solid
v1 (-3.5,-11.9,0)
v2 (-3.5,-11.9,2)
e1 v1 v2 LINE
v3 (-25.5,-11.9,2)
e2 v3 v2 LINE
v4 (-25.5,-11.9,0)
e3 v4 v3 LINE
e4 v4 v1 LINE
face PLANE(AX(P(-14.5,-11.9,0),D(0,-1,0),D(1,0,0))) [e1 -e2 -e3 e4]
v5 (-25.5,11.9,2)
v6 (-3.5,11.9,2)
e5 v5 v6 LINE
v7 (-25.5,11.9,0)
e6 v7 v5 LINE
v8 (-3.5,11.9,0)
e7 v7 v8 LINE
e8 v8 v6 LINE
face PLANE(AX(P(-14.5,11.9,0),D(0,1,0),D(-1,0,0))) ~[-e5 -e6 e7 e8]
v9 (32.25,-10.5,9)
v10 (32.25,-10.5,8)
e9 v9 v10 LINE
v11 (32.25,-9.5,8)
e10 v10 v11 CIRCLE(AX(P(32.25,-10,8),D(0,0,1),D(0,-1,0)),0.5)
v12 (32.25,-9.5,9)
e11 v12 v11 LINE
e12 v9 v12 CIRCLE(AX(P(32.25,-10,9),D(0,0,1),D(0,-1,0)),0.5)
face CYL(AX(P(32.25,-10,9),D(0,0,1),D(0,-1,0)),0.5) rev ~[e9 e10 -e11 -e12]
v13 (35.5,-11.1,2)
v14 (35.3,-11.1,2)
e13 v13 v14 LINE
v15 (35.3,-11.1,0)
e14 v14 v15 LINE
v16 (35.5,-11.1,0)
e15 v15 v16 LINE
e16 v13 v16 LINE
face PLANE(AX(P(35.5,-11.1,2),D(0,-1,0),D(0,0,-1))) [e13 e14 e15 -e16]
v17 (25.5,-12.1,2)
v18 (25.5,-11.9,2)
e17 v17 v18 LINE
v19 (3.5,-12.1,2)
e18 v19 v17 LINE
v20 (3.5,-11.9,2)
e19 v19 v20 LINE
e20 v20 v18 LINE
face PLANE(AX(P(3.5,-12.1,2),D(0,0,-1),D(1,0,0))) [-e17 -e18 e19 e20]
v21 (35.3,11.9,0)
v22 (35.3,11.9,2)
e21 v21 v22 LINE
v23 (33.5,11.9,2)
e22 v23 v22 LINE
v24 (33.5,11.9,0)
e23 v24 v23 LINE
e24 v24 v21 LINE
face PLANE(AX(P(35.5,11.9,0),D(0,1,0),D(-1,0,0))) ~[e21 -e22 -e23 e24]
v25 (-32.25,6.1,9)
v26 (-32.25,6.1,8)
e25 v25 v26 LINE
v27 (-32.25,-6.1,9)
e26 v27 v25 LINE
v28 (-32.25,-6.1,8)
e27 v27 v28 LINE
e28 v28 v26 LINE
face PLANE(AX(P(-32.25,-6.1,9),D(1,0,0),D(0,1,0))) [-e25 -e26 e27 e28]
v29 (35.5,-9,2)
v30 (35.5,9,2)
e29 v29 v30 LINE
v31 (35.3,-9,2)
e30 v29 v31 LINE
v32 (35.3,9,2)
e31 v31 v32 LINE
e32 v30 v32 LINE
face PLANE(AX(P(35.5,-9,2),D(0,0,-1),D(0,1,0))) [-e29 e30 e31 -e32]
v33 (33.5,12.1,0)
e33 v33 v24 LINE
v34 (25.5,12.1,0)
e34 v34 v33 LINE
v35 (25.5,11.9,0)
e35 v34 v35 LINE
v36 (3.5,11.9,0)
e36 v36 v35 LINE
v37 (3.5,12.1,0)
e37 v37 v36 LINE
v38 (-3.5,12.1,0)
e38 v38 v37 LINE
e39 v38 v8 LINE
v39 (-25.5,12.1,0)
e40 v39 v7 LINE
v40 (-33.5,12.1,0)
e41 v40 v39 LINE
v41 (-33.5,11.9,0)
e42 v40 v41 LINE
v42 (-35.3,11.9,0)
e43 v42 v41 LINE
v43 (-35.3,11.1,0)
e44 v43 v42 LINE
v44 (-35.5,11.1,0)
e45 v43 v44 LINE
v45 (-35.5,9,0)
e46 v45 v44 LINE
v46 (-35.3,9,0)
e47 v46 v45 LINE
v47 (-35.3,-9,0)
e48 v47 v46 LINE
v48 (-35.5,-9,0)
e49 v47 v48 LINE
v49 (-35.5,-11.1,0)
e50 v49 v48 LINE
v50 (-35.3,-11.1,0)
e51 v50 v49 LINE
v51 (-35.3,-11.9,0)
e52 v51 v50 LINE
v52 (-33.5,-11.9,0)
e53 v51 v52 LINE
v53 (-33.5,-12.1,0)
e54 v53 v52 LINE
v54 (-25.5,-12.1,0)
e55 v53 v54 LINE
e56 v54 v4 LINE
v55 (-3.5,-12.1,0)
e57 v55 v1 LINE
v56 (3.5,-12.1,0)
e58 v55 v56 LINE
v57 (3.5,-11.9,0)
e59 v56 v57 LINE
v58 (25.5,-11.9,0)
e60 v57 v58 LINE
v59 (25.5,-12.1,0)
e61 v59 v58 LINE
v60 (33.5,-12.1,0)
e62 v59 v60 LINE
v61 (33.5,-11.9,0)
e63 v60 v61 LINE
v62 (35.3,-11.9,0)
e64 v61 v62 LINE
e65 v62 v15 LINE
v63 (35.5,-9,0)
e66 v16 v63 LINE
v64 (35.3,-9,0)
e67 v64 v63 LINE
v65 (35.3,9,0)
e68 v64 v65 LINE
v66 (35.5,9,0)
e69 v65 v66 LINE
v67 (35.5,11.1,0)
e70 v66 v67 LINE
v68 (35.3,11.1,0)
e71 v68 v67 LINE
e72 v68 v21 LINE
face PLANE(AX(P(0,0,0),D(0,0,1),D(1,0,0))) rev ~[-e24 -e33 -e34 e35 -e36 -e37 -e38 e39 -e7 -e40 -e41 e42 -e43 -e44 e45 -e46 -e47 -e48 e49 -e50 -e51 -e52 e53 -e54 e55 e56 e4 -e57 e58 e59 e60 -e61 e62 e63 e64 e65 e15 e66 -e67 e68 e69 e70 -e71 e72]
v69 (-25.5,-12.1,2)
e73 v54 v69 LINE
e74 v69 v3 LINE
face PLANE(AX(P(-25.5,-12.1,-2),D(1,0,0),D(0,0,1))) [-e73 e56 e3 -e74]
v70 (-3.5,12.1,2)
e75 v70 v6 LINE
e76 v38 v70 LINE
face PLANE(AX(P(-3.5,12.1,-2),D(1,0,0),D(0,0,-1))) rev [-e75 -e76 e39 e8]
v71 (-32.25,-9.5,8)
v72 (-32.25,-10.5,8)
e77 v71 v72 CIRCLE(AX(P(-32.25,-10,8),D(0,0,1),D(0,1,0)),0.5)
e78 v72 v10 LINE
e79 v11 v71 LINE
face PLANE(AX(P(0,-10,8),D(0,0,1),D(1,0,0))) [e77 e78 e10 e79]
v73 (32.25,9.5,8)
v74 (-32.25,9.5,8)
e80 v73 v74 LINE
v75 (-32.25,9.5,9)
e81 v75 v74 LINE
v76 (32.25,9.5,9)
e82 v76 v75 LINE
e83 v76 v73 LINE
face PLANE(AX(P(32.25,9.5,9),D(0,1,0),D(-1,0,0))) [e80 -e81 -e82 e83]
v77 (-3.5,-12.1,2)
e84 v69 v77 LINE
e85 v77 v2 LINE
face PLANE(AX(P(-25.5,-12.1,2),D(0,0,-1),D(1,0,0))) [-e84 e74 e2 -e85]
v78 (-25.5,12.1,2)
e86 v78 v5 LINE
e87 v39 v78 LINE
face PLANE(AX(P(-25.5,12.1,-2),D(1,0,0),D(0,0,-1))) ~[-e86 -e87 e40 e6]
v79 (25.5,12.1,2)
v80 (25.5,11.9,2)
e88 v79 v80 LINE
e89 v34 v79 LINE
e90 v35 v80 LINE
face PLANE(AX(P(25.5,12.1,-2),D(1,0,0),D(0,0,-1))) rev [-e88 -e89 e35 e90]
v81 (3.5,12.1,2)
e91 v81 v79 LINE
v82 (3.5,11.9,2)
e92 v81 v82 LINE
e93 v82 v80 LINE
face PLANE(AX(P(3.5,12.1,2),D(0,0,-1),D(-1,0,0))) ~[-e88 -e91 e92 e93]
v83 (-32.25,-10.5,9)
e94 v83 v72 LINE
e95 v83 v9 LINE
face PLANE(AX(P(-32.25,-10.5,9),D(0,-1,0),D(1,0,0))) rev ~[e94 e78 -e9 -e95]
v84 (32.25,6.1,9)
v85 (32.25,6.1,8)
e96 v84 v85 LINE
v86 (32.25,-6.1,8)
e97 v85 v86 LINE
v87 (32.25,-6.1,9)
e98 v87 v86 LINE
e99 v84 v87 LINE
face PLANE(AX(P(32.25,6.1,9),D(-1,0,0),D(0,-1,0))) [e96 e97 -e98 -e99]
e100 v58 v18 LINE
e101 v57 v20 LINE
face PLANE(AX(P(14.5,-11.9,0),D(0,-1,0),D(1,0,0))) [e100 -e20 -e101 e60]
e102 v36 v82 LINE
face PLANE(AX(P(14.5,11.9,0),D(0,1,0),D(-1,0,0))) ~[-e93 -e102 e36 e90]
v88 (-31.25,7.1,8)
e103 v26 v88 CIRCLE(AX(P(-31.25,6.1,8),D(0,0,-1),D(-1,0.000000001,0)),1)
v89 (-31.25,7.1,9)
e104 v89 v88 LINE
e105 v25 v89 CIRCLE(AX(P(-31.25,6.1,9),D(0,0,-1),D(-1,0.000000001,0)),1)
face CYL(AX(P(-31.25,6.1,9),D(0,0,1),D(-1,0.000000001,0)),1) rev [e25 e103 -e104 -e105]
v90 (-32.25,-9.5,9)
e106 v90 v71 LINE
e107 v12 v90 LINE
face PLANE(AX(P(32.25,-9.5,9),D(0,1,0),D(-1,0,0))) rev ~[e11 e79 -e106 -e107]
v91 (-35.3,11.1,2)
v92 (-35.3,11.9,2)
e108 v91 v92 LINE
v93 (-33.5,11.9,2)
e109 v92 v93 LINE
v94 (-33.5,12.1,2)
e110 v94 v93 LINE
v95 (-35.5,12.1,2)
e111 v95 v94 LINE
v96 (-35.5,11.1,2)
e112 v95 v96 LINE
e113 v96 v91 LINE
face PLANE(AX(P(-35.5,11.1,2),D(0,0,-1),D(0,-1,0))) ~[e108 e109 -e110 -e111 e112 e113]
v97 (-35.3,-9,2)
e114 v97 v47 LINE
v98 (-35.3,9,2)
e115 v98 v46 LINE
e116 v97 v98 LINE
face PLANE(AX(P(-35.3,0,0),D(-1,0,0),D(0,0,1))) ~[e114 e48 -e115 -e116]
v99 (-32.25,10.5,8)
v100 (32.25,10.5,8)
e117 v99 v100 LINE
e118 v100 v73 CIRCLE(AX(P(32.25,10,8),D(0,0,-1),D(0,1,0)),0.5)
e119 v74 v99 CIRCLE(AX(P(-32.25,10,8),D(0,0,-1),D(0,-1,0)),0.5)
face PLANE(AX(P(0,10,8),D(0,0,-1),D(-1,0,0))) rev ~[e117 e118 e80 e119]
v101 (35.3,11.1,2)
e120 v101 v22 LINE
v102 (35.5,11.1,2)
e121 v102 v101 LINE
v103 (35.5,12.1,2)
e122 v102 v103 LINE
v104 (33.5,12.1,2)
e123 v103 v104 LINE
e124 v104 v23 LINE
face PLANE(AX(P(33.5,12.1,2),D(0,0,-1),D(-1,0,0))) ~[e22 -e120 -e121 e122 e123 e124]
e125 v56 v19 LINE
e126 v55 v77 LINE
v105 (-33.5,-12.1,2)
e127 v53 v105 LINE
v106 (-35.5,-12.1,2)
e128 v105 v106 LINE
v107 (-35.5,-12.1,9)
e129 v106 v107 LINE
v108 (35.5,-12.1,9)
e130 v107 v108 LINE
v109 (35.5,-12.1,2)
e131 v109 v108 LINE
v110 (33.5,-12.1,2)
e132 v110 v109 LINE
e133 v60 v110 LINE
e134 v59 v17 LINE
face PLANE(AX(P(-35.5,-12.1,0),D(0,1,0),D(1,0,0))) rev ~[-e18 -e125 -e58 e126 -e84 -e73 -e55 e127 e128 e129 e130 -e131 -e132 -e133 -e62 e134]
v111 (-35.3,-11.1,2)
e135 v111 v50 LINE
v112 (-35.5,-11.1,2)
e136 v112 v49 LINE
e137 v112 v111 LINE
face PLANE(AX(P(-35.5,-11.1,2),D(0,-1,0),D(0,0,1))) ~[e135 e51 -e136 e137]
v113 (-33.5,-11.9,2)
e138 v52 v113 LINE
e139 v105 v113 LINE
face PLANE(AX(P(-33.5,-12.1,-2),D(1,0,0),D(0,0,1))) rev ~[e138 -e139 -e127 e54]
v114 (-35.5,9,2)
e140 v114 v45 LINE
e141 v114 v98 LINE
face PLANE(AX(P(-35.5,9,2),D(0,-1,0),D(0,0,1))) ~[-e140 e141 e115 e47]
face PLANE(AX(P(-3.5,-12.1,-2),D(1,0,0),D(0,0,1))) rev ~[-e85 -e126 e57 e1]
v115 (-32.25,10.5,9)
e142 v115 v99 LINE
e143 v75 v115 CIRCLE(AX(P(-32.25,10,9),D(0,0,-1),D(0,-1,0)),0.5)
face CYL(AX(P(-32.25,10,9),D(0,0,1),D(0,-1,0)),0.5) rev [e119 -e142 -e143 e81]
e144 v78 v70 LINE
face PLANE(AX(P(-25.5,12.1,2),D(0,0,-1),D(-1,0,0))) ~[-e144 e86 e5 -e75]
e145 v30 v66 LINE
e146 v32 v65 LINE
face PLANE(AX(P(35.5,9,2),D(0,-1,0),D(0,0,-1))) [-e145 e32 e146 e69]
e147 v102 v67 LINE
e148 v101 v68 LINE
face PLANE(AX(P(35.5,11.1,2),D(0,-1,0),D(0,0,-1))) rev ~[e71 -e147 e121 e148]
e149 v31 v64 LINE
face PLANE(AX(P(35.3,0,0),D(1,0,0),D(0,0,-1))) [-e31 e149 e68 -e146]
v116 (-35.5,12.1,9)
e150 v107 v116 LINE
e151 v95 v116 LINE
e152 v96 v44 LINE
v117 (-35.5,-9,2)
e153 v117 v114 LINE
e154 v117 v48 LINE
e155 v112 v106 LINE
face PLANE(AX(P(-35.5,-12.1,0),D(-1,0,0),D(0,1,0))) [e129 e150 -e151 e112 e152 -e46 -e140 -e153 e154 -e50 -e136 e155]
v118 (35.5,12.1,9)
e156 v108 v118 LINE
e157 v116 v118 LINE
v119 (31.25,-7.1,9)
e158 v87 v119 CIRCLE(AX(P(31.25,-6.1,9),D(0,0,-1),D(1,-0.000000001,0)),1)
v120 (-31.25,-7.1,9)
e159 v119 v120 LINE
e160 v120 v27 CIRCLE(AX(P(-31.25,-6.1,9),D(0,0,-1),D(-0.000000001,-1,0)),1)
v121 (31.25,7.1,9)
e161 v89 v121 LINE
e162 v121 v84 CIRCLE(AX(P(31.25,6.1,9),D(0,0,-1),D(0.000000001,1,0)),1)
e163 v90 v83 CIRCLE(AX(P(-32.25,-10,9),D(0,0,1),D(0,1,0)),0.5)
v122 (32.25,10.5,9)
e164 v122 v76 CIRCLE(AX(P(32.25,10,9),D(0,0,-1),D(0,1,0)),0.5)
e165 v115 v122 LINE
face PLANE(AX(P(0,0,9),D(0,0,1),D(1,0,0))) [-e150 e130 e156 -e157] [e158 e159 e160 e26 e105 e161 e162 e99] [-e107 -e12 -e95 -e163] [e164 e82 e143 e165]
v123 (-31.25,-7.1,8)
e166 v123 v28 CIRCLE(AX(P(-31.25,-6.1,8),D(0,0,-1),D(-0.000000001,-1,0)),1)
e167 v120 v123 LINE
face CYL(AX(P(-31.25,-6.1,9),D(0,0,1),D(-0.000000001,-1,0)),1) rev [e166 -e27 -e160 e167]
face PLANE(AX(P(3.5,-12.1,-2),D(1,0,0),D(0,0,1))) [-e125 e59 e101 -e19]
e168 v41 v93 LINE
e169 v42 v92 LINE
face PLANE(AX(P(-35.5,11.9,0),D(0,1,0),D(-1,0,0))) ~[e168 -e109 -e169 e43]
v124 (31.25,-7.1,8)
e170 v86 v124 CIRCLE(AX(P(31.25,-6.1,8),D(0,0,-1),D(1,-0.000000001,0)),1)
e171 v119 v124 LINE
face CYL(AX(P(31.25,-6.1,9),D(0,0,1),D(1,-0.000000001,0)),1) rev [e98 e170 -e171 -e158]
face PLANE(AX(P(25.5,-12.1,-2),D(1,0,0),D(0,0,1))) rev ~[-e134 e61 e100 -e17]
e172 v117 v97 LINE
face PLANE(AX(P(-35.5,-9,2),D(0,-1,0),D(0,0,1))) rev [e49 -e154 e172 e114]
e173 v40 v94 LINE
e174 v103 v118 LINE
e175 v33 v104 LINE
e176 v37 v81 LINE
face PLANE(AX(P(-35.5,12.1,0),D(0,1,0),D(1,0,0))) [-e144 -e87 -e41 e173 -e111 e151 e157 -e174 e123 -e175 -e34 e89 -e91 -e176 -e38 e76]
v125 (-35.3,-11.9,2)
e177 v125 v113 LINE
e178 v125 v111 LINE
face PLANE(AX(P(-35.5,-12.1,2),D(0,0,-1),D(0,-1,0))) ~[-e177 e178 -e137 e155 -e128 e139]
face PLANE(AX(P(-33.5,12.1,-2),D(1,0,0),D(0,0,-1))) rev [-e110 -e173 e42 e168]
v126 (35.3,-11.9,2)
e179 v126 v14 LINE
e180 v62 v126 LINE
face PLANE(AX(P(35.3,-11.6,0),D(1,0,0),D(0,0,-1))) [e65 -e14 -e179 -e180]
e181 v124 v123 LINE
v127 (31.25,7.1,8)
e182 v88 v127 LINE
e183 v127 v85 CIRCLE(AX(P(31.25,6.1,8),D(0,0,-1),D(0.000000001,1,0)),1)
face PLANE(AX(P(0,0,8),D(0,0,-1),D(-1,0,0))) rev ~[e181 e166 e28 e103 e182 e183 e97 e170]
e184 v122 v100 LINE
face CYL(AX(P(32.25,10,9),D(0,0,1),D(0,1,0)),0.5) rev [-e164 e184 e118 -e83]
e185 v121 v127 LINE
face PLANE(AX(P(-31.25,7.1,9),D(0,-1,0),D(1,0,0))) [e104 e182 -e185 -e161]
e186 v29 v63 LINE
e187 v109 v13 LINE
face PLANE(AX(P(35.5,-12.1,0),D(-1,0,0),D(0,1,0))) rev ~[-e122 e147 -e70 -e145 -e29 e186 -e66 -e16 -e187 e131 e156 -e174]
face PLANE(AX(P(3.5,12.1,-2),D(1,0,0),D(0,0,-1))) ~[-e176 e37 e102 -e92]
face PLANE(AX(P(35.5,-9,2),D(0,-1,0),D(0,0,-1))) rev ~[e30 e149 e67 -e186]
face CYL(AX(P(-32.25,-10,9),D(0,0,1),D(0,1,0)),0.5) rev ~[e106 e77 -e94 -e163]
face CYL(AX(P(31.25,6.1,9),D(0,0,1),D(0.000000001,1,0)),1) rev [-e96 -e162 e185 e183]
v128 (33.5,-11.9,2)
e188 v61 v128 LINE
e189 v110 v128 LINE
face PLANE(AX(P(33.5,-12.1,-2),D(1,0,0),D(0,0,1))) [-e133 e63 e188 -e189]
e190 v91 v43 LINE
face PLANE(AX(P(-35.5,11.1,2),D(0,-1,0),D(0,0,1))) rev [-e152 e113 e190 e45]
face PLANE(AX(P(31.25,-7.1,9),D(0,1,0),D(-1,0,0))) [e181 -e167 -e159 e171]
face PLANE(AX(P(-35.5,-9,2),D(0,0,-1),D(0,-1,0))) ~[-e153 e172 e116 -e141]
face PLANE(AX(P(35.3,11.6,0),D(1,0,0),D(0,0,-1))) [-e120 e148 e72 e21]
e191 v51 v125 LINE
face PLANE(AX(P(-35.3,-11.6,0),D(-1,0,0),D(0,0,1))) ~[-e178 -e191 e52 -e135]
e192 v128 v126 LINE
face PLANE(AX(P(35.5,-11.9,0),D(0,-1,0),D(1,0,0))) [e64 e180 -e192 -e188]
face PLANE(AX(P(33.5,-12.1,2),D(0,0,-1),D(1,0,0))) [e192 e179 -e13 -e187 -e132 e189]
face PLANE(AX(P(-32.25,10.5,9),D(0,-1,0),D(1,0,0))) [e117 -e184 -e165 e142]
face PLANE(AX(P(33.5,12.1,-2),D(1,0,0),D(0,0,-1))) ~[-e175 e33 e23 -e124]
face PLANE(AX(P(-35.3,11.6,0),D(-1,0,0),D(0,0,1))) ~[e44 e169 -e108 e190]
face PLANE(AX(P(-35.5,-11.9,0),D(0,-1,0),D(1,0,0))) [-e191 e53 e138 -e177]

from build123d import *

# Parameters (mm, degrees)
ESQUISSE1_W             = 71
ESQUISSE1_H             = 24.2
BOSS_EXTRU_1_DEPTH      = 9
ENL_V_MAT_EXTRU_1_DEPTH = 1
ENL_V_MAT_EXTRU_2_DEPTH = 1
ESQUISSE4_W             = 22
ESQUISSE4_H             = 4
ESQUISSE4_W_2           = 4
ENL_V_MAT_EXTRU_3_DEPTH = 0.2
ESQUISSE5_W             = 4
ESQUISSE5_H             = 1
ESQUISSE5_H_2           = 18
ENL_V_MAT_EXTRU_4_DEPTH = 0.2


with BuildPart() as part:
    # Esquisse1 → Boss.-Extru.1 (new body)
    with BuildSketch(Plane.XY):
        Rectangle(ESQUISSE1_W, ESQUISSE1_H)
    extrude(amount=BOSS_EXTRU_1_DEPTH)

    # Esquisse2 → Enlèv. mat.-Extru.1 (cut)
    with BuildSketch(Plane.XY.offset(9)):
        with BuildLine():
            Line((-31.25, 7.1), (31.25, 7.1))
            ThreePointArc((31.25, 7.1), (31.957106781, 6.807106781), (32.25, 6.1))
            Line((32.25, 6.1), (32.25, -6.1))
            ThreePointArc((32.25, -6.1), (31.957106781, -6.807106781), (31.25, -7.1))
            Line((31.25, -7.1), (-31.25, -7.1))
            ThreePointArc((-31.25, -7.1), (-31.957106781, -6.807106781), (-32.25, -6.1))
            Line((-32.25, -6.1), (-32.25, 6.1))
            ThreePointArc((-32.25, 6.1), (-31.957106781, 6.807106781), (-31.25, 7.1))
        make_face()
    extrude(amount=-ENL_V_MAT_EXTRU_1_DEPTH, mode=Mode.SUBTRACT)

    # Esquisse3 → Enlèv. mat.-Extru.2 (cut)
    with BuildSketch(Plane.XY.offset(9)):
        with BuildLine():
            Line((-32.25, 10.5), (32.25, 10.5))
            ThreePointArc((32.25, 10.5), (32.75, 10), (32.25, 9.5))
            Line((32.25, 9.5), (-32.25, 9.5))
            ThreePointArc((-32.25, 9.5), (-32.75, 10), (-32.25, 10.5))
        make_face()
        with BuildLine():
            Line((-32.25, -10.5), (32.25, -10.5))
            ThreePointArc((32.25, -10.5), (32.75, -10), (32.25, -9.5))
            Line((32.25, -9.5), (-32.25, -9.5))
            ThreePointArc((-32.25, -9.5), (-32.75, -10), (-32.25, -10.5))
        make_face()
    extrude(amount=-ENL_V_MAT_EXTRU_2_DEPTH, mode=Mode.SUBTRACT)

    # Esquisse4 → Enlèv. mat.-Extru.3 (cut)
    with BuildSketch(Plane.XZ.offset(12.1)):
        with Locations((14.5, 0)):
            Rectangle(ESQUISSE4_W, ESQUISSE4_H)
        with Locations((-14.5, 0)):
            Rectangle(ESQUISSE4_W, ESQUISSE4_H)
        with Locations((35.5, 0)):
            Rectangle(ESQUISSE4_W_2, ESQUISSE4_H)
        with Locations((-35.5, 0)):
            Rectangle(ESQUISSE4_W_2, ESQUISSE4_H)
    enl_v_mat_extru_3 = extrude(amount=-ENL_V_MAT_EXTRU_3_DEPTH, mode=Mode.SUBTRACT)

    # Symétrie1: Enlèv. mat.-Extru.3 across plane
    add(enl_v_mat_extru_3.mirror(Plane.ZX), mode=Mode.SUBTRACT)

    # Esquisse5 → Enlèv. mat.-Extru.4 (cut)
    with BuildSketch(Plane(origin=(35.5, 0, 0), x_dir=(0, 0, -1), z_dir=(1, 0, 0))):
        with Locations((0, 11.6)):
            Rectangle(ESQUISSE5_W, ESQUISSE5_H)
        Rectangle(ESQUISSE5_W, ESQUISSE5_H_2)
        with Locations((0, -11.6)):
            Rectangle(ESQUISSE5_W, ESQUISSE5_H)
    enl_v_mat_extru_4 = extrude(amount=-ENL_V_MAT_EXTRU_4_DEPTH, mode=Mode.SUBTRACT)

    # Symétrie2: Enlèv. mat.-Extru.4 across plane
    add(enl_v_mat_extru_4.mirror(Plane(origin=(0, 0, 0), x_dir=(0, 0, 1), z_dir=(1, 0, 0))), mode=Mode.SUBTRACT)


solid = part.part
